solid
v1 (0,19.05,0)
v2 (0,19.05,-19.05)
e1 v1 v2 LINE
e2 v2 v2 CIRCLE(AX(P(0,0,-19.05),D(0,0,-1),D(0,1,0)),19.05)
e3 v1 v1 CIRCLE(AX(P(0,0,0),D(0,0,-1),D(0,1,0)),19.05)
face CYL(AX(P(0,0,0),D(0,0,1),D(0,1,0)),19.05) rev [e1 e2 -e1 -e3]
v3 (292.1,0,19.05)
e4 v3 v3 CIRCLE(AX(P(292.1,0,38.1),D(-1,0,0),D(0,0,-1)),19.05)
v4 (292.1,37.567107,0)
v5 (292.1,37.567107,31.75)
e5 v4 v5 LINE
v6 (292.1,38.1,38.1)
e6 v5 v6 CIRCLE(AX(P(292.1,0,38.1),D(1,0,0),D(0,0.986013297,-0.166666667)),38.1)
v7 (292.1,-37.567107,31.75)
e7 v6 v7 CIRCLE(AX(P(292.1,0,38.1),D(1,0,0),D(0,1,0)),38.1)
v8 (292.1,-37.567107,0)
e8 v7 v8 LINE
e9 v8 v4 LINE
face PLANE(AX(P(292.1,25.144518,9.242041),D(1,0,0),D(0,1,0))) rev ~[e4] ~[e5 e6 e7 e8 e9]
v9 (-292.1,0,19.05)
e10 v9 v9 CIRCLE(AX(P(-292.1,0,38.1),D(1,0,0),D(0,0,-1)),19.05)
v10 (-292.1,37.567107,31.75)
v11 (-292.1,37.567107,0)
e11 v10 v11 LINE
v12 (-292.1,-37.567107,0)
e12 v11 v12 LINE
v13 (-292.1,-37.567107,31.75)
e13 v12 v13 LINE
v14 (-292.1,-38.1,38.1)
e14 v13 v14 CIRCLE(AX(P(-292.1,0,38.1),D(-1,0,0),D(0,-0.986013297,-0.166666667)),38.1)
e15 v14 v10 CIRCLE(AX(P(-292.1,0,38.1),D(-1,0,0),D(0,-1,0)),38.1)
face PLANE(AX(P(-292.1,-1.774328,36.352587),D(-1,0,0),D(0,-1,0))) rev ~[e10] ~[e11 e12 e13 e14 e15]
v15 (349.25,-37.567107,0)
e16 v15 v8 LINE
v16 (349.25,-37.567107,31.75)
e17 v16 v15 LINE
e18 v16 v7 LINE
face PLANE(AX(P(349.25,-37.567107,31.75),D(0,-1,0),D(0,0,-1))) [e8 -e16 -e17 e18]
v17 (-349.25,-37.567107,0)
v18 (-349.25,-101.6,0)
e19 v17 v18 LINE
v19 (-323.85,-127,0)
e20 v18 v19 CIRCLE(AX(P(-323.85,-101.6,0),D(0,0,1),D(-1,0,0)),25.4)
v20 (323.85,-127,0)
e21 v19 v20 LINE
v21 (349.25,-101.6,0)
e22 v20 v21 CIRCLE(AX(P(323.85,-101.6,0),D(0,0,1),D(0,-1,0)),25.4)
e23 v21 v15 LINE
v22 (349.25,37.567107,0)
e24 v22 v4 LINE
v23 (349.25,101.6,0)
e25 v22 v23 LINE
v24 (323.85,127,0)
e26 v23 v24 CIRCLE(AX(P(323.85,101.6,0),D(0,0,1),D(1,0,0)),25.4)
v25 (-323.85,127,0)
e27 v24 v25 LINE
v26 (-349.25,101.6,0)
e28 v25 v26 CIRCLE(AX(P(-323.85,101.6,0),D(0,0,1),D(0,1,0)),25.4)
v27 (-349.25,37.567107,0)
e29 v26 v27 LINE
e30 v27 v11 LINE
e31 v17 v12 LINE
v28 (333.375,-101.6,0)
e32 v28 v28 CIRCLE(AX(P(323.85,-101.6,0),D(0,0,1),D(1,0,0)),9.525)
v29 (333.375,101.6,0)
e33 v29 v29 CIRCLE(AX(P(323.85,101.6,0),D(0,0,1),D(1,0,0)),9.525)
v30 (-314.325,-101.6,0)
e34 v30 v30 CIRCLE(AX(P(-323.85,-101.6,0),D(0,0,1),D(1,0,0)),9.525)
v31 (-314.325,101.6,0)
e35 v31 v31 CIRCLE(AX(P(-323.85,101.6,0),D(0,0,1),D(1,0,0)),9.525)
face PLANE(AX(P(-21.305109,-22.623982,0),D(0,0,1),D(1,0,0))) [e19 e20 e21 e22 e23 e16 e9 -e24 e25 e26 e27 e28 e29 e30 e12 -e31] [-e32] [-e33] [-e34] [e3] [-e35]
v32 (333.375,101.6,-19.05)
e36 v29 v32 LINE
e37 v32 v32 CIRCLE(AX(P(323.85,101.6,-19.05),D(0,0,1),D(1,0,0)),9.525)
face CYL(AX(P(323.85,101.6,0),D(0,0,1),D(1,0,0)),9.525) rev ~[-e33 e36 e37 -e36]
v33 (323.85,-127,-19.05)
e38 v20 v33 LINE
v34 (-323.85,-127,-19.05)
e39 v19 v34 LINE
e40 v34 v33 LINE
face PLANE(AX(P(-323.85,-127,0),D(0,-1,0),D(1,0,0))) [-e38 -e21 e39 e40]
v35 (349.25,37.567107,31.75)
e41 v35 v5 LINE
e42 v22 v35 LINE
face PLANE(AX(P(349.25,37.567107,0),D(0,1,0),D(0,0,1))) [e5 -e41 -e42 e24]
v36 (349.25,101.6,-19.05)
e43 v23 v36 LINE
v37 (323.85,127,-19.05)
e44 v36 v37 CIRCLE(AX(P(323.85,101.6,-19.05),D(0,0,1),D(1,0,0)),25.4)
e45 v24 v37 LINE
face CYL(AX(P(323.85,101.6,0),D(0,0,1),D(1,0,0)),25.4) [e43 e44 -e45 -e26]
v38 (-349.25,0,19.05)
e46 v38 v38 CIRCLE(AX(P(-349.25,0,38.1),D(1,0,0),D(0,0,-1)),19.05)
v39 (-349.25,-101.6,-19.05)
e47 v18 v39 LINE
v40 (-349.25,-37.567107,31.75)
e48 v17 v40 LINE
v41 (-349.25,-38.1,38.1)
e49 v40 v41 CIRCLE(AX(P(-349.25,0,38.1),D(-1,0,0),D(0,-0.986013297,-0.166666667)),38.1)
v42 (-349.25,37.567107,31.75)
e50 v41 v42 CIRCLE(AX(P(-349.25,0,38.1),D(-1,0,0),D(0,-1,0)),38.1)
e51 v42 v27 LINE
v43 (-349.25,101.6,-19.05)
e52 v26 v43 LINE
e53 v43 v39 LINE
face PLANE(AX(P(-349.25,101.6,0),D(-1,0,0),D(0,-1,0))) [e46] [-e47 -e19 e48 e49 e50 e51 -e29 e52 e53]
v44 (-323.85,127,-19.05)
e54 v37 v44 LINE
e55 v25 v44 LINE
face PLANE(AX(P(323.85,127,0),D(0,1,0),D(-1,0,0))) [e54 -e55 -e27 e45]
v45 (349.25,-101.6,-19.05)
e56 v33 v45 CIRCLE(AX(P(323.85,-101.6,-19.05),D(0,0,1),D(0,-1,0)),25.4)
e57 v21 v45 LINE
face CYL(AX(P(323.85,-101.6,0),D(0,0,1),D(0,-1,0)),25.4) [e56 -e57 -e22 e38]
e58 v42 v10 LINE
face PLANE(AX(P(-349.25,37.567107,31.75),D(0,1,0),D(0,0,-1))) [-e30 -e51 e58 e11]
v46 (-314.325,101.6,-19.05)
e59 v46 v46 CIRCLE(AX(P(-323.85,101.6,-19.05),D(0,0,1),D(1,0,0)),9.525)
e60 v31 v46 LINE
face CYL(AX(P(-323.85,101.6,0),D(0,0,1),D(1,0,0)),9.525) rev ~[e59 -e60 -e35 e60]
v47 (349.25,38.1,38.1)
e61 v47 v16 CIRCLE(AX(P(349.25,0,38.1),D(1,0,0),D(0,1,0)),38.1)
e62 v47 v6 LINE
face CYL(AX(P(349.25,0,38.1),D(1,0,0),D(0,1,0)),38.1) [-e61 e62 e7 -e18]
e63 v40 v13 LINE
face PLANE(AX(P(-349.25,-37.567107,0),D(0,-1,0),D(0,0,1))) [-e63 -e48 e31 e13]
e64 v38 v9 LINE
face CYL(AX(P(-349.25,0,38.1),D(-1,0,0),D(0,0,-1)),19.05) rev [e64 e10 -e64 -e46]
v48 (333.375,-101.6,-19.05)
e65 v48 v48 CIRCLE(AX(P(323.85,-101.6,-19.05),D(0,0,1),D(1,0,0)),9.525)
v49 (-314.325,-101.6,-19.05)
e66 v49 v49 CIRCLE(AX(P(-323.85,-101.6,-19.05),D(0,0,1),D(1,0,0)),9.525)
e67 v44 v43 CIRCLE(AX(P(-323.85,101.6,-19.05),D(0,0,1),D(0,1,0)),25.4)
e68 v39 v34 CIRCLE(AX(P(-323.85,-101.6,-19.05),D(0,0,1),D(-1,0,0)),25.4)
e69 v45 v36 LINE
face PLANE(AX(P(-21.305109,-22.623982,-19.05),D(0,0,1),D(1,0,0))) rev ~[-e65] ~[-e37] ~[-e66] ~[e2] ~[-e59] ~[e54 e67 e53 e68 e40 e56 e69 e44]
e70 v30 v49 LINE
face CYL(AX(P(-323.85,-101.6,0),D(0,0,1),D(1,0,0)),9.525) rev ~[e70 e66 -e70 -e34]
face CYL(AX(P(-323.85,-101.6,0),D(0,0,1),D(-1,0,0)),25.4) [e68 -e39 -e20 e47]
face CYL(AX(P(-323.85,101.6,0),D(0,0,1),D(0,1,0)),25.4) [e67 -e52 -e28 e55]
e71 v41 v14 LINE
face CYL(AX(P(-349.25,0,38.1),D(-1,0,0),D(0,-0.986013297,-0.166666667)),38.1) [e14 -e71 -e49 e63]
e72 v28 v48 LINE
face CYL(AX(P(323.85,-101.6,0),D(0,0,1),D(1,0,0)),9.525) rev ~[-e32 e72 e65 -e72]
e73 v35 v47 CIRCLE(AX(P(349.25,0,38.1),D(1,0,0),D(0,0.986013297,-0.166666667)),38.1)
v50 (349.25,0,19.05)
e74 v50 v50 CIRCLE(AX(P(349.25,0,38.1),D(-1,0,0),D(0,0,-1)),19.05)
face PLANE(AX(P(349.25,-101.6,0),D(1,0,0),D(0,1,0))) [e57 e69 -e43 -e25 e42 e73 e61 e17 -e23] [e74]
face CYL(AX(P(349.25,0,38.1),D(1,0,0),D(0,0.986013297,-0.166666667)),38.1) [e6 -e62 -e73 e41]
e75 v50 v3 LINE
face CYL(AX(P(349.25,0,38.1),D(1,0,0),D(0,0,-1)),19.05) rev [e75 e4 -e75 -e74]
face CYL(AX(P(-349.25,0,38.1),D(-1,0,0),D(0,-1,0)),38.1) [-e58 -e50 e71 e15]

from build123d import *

# Parameters (mm, degrees)
F0_R     = 9.525
F1_DEPTH = 19.05
F3_DEPTH = 57.15
F5_DEPTH = 57.15


with BuildPart() as f1:
    # F0 (on Top) → F1 (new body)
    with BuildSketch(Plane.XY):
        with BuildLine():
            Line((349.25, 0), (19.05, 0))
            ThreePointArc((19.05, 0), (-13.4703841816, -13.4703841816), (0, 19.05))
            Line((0, 19.05), (0, 127))
            Line((0, 127), (-323.85, 127))
            ThreePointArc((-323.85, 127), (-341.8105122421, 119.5605122421), (-349.25, 101.6))
            Line((-349.25, 101.6), (-349.25, -101.6))
            ThreePointArc((-349.25, -101.6), (-341.8105122421, -119.5605122421), (-323.85, -127))
            Line((-323.85, -127), (323.85, -127))
            ThreePointArc((323.85, -127), (341.8105122421, -119.5605122421), (349.25, -101.6))
            Line((349.25, -101.6), (349.25, 0))
        make_face()
        with Locations((-323.85, -101.6)):
            Circle(F0_R, mode=Mode.SUBTRACT)
        with Locations((323.85, -101.6)):
            Circle(F0_R, mode=Mode.SUBTRACT)
        with Locations((-323.85, 101.6)):
            Circle(F0_R, mode=Mode.SUBTRACT)
        with BuildLine():
            ThreePointArc((0, 19.05), (13.4703841816, 13.4703841816), (19.05, 0))
            Line((19.05, 0), (349.25, 0))
            Line((349.25, 0), (349.25, 101.6))
            ThreePointArc((349.25, 101.6), (341.8105122421, 119.5605122421), (323.85, 127))
            Line((323.85, 127), (0, 127))
            Line((0, 127), (0, 19.05))
        make_face()
        with Locations((323.85, 101.6)):
            Circle(F0_R, mode=Mode.SUBTRACT)
    extrude(amount=-F1_DEPTH)

    # F2 (on face) → F3 (join)
    with BuildSketch(Plane(origin=(-349.25, 0, 0), x_dir=(0, -1, 0), z_dir=(-1, 0, 0))):
        with BuildLine():
            ThreePointArc((-37.5671066227, 31.75), (-24.5934442418, 9.0006443314), (1.73e-08, 0))
            ThreePointArc((1.73e-08, 0), (24.593444255, 9.0006443426), (37.5671066227, 31.75))
            ThreePointArc((37.5671066227, 31.75), (37.9665429182, 34.9138394833), (38.1, 38.1))
            ThreePointArc((38.1, 38.1), (-3.1861605167, 76.0665429182), (-37.5671066227, 31.75))
        make_face()
        with BuildLine():
            ThreePointArc((19.05, 38.1), (13.4703841816, 24.6296158184), (0, 19.05))
            ThreePointArc((0, 19.05), (-13.4703841816, 51.5703841816), (19.05, 38.1))
        make_face(mode=Mode.SUBTRACT)
        with BuildLine():
            Line((-37.5671066227, 0), (1.73e-08, 0))
            ThreePointArc((1.73e-08, 0), (-24.5934442418, 9.0006443314), (-37.5671066227, 31.75))
            Line((-37.5671066227, 31.75), (-37.5671066227, 0))
        make_face()
        with BuildLine():
            ThreePointArc((37.5671066227, 31.75), (24.593444255, 9.0006443426), (1.73e-08, 0))
            Line((1.73e-08, 0), (37.5671066227, 0))
            Line((37.5671066227, 0), (37.5671066227, 31.75))
        make_face()
    extrude(amount=-F3_DEPTH)

    # F4 (on face) → F5 (join)
    with BuildSketch(Plane.YZ.offset(349.25)):
        with BuildLine():
            ThreePointArc((37.5671066227, 31.75), (24.593444255, 9.0006443426), (1.73e-08, 0))
            Line((1.73e-08, 0), (37.5671066227, 0))
            Line((37.5671066227, 0), (37.5671066227, 31.75))
        make_face()
        with BuildLine():
            ThreePointArc((-37.5671066227, 31.75), (-24.5934442418, 9.0006443314), (1.73e-08, 0))
            ThreePointArc((1.73e-08, 0), (24.593444255, 9.0006443426), (37.5671066227, 31.75))
            ThreePointArc((37.5671066227, 31.75), (37.9665429182, 34.9138394833), (38.1, 38.1))
            ThreePointArc((38.1, 38.1), (-3.1861605167, 76.0665429182), (-37.5671066227, 31.75))
        make_face()
        with BuildLine():
            ThreePointArc((19.05, 38.1), (13.4703841816, 24.6296158184), (0, 19.05))
            ThreePointArc((0, 19.05), (-13.4703841816, 51.5703841816), (19.05, 38.1))
        make_face(mode=Mode.SUBTRACT)
        with BuildLine():
            Line((-37.5671066227, 0), (1.73e-08, 0))
            ThreePointArc((1.73e-08, 0), (-24.5934442418, 9.0006443314), (-37.5671066227, 31.75))
            Line((-37.5671066227, 31.75), (-37.5671066227, 0))
        make_face()
    extrude(amount=-F5_DEPTH)


solid = f1.part
